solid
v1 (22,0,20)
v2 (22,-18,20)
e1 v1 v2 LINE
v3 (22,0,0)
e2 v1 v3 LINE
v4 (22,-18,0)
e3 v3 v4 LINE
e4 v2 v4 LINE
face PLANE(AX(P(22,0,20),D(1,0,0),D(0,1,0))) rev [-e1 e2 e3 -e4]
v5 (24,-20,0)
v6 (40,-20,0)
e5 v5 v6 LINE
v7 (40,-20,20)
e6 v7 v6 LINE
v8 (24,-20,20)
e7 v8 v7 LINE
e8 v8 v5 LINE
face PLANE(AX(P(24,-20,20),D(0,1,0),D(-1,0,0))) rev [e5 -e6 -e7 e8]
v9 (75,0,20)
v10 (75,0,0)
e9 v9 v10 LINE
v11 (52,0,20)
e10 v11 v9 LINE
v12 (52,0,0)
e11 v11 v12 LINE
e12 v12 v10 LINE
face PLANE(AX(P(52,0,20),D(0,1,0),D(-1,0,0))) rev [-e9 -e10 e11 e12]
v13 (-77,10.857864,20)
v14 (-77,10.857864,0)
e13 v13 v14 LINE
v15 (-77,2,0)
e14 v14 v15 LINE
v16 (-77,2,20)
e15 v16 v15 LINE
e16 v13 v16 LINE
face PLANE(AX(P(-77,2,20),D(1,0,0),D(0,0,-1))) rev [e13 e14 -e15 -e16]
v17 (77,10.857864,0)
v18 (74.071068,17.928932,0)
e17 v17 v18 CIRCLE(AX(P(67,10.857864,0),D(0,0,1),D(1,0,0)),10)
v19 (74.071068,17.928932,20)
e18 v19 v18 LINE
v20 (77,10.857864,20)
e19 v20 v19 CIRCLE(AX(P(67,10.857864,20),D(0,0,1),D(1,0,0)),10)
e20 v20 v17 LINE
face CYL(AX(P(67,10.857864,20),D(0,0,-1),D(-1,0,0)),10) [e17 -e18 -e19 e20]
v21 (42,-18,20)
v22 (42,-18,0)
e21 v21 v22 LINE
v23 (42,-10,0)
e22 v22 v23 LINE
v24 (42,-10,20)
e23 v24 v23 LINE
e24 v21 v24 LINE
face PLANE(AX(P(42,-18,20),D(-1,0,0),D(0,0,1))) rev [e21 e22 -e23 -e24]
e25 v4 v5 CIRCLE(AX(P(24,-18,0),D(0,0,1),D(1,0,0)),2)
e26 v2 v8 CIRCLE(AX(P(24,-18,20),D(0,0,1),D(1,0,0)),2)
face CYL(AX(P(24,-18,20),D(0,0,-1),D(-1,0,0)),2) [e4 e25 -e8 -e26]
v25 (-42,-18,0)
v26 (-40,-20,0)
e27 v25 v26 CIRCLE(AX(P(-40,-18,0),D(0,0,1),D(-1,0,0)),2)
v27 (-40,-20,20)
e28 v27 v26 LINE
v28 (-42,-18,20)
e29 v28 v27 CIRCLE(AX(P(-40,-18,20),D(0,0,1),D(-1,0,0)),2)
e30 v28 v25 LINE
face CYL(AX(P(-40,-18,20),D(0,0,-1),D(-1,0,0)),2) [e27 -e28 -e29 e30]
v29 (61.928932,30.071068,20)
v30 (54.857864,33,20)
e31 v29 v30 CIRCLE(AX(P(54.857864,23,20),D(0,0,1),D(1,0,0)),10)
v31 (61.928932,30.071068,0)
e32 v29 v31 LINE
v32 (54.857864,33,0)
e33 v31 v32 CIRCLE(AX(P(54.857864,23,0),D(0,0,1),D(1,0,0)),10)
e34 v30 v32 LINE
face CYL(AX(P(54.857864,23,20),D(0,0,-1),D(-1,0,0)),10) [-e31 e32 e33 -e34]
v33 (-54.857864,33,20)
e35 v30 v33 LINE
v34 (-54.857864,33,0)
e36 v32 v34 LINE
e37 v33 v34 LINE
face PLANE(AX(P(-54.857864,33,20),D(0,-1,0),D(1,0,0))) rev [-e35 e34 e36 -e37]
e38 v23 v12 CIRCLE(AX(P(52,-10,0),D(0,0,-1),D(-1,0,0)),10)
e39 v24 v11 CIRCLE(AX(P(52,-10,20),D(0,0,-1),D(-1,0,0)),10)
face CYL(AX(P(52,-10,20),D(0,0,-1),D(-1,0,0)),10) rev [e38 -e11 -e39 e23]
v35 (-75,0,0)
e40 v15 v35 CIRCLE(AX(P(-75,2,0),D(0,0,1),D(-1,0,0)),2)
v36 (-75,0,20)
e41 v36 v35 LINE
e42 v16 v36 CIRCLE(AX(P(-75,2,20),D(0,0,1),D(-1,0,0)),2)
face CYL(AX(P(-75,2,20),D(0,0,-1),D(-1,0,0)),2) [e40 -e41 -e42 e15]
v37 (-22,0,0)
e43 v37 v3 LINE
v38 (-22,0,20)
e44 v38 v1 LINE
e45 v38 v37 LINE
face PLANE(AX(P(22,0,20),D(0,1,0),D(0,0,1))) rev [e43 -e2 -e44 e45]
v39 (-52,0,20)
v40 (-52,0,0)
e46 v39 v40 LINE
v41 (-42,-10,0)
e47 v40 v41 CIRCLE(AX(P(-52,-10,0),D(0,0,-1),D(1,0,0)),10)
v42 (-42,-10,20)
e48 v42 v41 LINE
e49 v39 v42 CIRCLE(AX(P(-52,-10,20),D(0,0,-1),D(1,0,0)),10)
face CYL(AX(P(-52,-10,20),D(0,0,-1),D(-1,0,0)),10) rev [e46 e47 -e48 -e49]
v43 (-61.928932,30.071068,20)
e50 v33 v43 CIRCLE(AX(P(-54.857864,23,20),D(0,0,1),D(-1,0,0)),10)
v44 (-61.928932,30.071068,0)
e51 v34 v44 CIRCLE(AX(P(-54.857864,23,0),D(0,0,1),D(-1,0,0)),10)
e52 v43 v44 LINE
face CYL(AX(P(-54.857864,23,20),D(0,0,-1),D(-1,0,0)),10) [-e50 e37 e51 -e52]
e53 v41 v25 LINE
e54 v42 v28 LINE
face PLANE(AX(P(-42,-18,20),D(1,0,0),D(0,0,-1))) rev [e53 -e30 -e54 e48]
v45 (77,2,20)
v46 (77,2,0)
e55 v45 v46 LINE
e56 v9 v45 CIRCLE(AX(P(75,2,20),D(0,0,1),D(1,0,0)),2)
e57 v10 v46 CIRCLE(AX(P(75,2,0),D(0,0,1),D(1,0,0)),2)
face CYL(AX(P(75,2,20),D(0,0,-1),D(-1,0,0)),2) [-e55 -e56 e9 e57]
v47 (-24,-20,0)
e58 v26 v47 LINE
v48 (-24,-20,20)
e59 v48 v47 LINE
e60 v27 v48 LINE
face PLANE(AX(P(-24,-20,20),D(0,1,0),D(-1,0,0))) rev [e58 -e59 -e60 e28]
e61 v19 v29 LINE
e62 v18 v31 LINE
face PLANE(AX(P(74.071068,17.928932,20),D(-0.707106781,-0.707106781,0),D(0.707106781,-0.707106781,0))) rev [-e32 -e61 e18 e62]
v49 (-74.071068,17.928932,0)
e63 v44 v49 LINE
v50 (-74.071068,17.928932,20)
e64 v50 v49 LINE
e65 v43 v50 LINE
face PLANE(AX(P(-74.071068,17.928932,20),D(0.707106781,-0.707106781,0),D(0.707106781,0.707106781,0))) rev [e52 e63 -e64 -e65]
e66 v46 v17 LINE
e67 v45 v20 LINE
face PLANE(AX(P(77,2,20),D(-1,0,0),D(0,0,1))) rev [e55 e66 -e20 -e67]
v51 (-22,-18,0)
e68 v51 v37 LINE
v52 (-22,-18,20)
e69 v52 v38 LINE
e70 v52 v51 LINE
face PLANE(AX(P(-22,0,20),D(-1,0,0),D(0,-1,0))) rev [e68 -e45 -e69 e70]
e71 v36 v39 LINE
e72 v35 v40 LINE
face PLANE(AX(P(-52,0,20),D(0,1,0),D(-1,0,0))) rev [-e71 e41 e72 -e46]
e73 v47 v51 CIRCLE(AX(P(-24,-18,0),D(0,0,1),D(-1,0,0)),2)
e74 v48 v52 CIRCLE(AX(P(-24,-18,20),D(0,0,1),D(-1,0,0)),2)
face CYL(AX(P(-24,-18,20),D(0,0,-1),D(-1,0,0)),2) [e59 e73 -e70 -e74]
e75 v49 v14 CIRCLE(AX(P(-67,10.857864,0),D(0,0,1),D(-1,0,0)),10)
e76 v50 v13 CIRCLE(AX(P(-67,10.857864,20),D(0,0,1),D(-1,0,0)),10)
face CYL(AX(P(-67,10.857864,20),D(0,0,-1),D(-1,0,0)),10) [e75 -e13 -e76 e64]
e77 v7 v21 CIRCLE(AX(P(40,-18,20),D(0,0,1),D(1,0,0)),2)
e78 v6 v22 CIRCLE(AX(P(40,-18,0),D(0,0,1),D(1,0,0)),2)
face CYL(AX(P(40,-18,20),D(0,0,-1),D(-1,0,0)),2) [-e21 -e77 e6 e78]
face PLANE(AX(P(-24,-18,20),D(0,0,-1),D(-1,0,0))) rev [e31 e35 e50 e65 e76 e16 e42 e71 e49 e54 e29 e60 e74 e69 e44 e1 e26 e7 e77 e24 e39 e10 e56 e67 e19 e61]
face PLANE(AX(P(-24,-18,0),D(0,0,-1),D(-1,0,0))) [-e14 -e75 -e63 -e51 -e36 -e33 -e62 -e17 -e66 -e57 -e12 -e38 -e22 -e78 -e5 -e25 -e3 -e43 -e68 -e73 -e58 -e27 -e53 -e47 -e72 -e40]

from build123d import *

# Parameters (mm, degrees)
BOSS_EXTRUDE1_DEPTH = 20


with BuildPart() as part:
    # Sketch1 → Boss-Extrude1 (new body)
    with BuildSketch(Plane.XY):
        with BuildLine():
            Line((22, 0), (-22, 0))
            Line((-22, 0), (-22, -18))
            ThreePointArc((-22, -18), (-22.585786438, -19.414213562), (-24, -20))
            Line((-24, -20), (-40, -20))
            ThreePointArc((-40, -20), (-41.414213562, -19.414213562), (-42, -18))
            Line((-42, -18), (-42, -10))
            ThreePointArc((-42, -10), (-44.928932188, -2.928932188), (-52, 0))
            Line((-52, 0), (-75, 0))
            ThreePointArc((-75, 0), (-76.414213562, 0.585786438), (-77, 2))
            Line((-77, 2), (-77, 10.857864376))
            ThreePointArc((-77, 10.857864376), (-76.238795325, 14.6846987), (-74.071067812, 17.928932188))
            Line((-74.071067812, 17.928932188), (-61.928932188, 30.071067812))
            ThreePointArc((-61.928932188, 30.071067812), (-58.6846987, 32.238795325), (-54.857864376, 33))
            Line((-54.857864376, 33), (54.857864376, 33))
            ThreePointArc((54.857864376, 33), (58.6846987, 32.238795325), (61.928932188, 30.071067812))
            Line((61.928932188, 30.071067812), (74.071067812, 17.928932188))
            ThreePointArc((74.071067812, 17.928932188), (76.238795325, 14.6846987), (77, 10.857864376))
            Line((77, 10.857864376), (77, 2))
            ThreePointArc((77, 2), (76.414213562, 0.585786438), (75, 0))
            Line((75, 0), (52, 0))
            ThreePointArc((52, 0), (44.928932188, -2.928932188), (42, -10))
            Line((42, -10), (42, -18))
            ThreePointArc((42, -18), (41.414213562, -19.414213562), (40, -20))
            Line((40, -20), (24, -20))
            ThreePointArc((24, -20), (22.585786438, -19.414213562), (22, -18))
            Line((22, -18), (22, 0))
        make_face()
    extrude(amount=BOSS_EXTRUDE1_DEPTH)


solid = part.part
